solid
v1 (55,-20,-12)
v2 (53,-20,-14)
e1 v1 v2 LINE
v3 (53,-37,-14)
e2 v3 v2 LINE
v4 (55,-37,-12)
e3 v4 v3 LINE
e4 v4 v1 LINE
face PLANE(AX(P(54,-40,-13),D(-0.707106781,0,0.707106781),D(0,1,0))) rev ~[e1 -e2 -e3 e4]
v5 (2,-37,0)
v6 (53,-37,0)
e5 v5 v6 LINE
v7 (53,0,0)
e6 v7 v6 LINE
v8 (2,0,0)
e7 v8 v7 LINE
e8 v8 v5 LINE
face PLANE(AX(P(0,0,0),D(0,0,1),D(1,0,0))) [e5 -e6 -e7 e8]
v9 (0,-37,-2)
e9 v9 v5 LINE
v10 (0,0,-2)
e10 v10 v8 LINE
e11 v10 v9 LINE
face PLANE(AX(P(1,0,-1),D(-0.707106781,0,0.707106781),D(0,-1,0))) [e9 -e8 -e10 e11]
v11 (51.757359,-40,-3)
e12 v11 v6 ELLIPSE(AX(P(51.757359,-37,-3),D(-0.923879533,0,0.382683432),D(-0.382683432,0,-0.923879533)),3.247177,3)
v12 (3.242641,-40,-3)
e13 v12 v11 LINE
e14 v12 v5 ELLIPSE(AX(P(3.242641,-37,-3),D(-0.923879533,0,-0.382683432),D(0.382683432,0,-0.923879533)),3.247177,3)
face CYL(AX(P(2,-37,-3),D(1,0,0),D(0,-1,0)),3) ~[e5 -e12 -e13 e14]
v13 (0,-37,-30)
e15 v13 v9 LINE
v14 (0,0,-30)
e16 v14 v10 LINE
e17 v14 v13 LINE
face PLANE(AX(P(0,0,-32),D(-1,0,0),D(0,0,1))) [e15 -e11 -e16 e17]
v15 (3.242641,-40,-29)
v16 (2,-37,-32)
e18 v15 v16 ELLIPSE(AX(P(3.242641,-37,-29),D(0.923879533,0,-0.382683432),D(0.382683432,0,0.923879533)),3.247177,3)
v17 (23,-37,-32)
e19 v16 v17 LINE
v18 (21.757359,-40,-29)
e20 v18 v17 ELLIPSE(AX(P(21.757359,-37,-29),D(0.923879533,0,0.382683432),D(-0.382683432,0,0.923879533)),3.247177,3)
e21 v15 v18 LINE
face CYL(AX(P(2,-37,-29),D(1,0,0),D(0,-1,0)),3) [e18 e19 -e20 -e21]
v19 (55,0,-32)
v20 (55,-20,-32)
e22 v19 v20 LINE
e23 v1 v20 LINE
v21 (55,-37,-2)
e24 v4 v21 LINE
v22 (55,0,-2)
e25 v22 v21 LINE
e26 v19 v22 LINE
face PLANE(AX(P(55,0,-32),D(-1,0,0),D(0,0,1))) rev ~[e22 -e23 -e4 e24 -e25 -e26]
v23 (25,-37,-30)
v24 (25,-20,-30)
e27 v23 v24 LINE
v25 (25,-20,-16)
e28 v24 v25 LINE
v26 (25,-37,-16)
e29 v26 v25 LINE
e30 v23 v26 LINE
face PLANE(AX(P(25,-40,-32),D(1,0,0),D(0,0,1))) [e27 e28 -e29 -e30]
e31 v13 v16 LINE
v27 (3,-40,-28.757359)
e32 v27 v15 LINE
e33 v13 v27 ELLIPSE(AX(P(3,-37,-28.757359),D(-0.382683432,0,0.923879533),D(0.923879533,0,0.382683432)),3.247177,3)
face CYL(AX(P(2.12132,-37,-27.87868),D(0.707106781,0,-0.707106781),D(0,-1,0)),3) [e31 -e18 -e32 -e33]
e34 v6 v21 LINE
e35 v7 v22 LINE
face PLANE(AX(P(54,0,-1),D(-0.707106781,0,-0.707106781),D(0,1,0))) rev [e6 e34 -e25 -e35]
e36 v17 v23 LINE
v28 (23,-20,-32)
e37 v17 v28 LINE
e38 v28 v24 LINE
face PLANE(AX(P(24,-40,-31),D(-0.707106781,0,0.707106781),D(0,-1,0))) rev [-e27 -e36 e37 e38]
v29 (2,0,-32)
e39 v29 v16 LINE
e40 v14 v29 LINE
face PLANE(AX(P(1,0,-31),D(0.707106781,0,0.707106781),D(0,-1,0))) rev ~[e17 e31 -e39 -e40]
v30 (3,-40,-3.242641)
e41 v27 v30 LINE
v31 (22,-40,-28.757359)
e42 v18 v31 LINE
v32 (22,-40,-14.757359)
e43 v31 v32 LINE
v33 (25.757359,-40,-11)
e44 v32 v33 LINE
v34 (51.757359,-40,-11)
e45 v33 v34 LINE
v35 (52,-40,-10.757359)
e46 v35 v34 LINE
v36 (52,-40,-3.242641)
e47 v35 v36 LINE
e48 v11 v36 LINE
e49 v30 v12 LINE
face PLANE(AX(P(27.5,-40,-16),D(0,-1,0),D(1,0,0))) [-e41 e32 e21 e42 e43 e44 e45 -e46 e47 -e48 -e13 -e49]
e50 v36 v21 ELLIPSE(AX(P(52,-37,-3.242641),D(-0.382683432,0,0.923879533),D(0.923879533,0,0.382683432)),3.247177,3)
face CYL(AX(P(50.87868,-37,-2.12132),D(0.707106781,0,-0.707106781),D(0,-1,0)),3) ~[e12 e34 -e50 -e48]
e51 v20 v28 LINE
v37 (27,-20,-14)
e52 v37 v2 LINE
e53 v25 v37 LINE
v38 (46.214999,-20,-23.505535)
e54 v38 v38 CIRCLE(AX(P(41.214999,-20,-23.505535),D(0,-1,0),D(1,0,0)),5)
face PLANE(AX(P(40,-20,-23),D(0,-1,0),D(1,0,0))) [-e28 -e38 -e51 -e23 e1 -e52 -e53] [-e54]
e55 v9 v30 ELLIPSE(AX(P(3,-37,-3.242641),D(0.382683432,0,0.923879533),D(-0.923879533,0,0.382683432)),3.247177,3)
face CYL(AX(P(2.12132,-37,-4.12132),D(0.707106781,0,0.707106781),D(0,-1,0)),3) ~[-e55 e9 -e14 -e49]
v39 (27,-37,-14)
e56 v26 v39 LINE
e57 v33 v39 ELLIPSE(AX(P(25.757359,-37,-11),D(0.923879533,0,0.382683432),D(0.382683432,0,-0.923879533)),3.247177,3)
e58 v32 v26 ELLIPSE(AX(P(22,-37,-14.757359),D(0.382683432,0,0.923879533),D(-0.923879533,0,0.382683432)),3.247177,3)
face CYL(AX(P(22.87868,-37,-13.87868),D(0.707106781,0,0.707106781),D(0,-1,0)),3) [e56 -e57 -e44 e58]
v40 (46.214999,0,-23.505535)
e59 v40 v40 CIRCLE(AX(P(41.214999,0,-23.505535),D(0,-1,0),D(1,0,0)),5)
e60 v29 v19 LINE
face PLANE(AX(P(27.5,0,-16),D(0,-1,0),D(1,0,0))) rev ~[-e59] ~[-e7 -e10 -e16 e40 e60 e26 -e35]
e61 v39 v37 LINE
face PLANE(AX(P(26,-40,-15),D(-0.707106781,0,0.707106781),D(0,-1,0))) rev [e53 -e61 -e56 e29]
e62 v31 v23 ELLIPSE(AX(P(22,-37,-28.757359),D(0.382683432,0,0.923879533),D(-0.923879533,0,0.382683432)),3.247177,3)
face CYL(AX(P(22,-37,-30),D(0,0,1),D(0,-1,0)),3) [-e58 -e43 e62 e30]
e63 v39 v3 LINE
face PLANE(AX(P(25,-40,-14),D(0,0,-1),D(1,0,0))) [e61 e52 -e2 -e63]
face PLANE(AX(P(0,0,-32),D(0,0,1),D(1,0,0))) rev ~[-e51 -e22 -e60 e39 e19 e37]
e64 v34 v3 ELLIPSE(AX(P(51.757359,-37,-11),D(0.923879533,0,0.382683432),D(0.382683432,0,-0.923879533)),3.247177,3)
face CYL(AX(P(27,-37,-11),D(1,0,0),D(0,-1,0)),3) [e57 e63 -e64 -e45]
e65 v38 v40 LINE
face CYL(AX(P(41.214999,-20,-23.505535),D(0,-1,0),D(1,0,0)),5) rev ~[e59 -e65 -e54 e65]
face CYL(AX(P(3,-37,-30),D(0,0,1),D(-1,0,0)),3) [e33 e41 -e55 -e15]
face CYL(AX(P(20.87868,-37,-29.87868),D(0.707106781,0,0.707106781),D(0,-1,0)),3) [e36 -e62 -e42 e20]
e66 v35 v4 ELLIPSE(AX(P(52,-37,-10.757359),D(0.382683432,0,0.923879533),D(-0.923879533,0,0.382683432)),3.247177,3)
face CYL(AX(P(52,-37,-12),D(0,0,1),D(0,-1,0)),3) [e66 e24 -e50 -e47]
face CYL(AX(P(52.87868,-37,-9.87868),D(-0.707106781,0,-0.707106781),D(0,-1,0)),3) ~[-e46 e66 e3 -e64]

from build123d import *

# Parameters (mm, degrees)
F0_W     = 55
F0_H     = 32
F1_DEPTH = 40
F2_W     = 30
F2_H     = 18
F3_DEPTH = 20
F4_R     = 5
F5_DEPTH = 20.001
F6_SIZE  = 2
F7_R     = 3


with BuildPart() as f1:
    # F0 (on Front) → F1 (new body)
    with BuildSketch(Plane.XZ):
        with Locations((27.5, -16)):
            Rectangle(F0_W, F0_H)
    extrude(amount=F1_DEPTH)

    # F2 (on face) → F3 (cut)
    with BuildSketch(Plane.XZ.offset(40)):
        with Locations((40, -23)):
            Rectangle(F2_W, F2_H)
    extrude(amount=-F3_DEPTH, mode=Mode.SUBTRACT)

    # F4 (on face) → F5 (cut, through all)
    with BuildSketch(Plane.XZ.offset(20)):
        with Locations((41.2149988763, -23.5055347287)):
            Circle(F4_R)
    extrude(amount=-F5_DEPTH, mode=Mode.SUBTRACT)

    # F6
    f6_edges = [f1.edges().sort_by_distance(p)[0] for p in [
        (0, -20, -32),
        (25, -30, -32),
        (25, -30, -14),
        (55, -20, 0),
        (55, -30, -14),
        (0, -20, 0),
    ]]
    chamfer(f6_edges, length=F6_SIZE)

    # F7
    f7_edges = [f1.edges().sort_by_distance(p)[0] for p in [
        (25, -40, -23),
        (24, -40, -31),
        (12.5, -40, -32),
        (0, -40, -16),
        (55, -40, -7),
        (54, -40, -13),
        (54, -40, -1),
        (40, -40, -14),
        (27.5, -40, 0),
        (26, -40, -15),
        (1, -40, -1),
        (1, -40, -31),
    ]]
    fillet(f7_edges, radius=F7_R)


solid = f1.part
